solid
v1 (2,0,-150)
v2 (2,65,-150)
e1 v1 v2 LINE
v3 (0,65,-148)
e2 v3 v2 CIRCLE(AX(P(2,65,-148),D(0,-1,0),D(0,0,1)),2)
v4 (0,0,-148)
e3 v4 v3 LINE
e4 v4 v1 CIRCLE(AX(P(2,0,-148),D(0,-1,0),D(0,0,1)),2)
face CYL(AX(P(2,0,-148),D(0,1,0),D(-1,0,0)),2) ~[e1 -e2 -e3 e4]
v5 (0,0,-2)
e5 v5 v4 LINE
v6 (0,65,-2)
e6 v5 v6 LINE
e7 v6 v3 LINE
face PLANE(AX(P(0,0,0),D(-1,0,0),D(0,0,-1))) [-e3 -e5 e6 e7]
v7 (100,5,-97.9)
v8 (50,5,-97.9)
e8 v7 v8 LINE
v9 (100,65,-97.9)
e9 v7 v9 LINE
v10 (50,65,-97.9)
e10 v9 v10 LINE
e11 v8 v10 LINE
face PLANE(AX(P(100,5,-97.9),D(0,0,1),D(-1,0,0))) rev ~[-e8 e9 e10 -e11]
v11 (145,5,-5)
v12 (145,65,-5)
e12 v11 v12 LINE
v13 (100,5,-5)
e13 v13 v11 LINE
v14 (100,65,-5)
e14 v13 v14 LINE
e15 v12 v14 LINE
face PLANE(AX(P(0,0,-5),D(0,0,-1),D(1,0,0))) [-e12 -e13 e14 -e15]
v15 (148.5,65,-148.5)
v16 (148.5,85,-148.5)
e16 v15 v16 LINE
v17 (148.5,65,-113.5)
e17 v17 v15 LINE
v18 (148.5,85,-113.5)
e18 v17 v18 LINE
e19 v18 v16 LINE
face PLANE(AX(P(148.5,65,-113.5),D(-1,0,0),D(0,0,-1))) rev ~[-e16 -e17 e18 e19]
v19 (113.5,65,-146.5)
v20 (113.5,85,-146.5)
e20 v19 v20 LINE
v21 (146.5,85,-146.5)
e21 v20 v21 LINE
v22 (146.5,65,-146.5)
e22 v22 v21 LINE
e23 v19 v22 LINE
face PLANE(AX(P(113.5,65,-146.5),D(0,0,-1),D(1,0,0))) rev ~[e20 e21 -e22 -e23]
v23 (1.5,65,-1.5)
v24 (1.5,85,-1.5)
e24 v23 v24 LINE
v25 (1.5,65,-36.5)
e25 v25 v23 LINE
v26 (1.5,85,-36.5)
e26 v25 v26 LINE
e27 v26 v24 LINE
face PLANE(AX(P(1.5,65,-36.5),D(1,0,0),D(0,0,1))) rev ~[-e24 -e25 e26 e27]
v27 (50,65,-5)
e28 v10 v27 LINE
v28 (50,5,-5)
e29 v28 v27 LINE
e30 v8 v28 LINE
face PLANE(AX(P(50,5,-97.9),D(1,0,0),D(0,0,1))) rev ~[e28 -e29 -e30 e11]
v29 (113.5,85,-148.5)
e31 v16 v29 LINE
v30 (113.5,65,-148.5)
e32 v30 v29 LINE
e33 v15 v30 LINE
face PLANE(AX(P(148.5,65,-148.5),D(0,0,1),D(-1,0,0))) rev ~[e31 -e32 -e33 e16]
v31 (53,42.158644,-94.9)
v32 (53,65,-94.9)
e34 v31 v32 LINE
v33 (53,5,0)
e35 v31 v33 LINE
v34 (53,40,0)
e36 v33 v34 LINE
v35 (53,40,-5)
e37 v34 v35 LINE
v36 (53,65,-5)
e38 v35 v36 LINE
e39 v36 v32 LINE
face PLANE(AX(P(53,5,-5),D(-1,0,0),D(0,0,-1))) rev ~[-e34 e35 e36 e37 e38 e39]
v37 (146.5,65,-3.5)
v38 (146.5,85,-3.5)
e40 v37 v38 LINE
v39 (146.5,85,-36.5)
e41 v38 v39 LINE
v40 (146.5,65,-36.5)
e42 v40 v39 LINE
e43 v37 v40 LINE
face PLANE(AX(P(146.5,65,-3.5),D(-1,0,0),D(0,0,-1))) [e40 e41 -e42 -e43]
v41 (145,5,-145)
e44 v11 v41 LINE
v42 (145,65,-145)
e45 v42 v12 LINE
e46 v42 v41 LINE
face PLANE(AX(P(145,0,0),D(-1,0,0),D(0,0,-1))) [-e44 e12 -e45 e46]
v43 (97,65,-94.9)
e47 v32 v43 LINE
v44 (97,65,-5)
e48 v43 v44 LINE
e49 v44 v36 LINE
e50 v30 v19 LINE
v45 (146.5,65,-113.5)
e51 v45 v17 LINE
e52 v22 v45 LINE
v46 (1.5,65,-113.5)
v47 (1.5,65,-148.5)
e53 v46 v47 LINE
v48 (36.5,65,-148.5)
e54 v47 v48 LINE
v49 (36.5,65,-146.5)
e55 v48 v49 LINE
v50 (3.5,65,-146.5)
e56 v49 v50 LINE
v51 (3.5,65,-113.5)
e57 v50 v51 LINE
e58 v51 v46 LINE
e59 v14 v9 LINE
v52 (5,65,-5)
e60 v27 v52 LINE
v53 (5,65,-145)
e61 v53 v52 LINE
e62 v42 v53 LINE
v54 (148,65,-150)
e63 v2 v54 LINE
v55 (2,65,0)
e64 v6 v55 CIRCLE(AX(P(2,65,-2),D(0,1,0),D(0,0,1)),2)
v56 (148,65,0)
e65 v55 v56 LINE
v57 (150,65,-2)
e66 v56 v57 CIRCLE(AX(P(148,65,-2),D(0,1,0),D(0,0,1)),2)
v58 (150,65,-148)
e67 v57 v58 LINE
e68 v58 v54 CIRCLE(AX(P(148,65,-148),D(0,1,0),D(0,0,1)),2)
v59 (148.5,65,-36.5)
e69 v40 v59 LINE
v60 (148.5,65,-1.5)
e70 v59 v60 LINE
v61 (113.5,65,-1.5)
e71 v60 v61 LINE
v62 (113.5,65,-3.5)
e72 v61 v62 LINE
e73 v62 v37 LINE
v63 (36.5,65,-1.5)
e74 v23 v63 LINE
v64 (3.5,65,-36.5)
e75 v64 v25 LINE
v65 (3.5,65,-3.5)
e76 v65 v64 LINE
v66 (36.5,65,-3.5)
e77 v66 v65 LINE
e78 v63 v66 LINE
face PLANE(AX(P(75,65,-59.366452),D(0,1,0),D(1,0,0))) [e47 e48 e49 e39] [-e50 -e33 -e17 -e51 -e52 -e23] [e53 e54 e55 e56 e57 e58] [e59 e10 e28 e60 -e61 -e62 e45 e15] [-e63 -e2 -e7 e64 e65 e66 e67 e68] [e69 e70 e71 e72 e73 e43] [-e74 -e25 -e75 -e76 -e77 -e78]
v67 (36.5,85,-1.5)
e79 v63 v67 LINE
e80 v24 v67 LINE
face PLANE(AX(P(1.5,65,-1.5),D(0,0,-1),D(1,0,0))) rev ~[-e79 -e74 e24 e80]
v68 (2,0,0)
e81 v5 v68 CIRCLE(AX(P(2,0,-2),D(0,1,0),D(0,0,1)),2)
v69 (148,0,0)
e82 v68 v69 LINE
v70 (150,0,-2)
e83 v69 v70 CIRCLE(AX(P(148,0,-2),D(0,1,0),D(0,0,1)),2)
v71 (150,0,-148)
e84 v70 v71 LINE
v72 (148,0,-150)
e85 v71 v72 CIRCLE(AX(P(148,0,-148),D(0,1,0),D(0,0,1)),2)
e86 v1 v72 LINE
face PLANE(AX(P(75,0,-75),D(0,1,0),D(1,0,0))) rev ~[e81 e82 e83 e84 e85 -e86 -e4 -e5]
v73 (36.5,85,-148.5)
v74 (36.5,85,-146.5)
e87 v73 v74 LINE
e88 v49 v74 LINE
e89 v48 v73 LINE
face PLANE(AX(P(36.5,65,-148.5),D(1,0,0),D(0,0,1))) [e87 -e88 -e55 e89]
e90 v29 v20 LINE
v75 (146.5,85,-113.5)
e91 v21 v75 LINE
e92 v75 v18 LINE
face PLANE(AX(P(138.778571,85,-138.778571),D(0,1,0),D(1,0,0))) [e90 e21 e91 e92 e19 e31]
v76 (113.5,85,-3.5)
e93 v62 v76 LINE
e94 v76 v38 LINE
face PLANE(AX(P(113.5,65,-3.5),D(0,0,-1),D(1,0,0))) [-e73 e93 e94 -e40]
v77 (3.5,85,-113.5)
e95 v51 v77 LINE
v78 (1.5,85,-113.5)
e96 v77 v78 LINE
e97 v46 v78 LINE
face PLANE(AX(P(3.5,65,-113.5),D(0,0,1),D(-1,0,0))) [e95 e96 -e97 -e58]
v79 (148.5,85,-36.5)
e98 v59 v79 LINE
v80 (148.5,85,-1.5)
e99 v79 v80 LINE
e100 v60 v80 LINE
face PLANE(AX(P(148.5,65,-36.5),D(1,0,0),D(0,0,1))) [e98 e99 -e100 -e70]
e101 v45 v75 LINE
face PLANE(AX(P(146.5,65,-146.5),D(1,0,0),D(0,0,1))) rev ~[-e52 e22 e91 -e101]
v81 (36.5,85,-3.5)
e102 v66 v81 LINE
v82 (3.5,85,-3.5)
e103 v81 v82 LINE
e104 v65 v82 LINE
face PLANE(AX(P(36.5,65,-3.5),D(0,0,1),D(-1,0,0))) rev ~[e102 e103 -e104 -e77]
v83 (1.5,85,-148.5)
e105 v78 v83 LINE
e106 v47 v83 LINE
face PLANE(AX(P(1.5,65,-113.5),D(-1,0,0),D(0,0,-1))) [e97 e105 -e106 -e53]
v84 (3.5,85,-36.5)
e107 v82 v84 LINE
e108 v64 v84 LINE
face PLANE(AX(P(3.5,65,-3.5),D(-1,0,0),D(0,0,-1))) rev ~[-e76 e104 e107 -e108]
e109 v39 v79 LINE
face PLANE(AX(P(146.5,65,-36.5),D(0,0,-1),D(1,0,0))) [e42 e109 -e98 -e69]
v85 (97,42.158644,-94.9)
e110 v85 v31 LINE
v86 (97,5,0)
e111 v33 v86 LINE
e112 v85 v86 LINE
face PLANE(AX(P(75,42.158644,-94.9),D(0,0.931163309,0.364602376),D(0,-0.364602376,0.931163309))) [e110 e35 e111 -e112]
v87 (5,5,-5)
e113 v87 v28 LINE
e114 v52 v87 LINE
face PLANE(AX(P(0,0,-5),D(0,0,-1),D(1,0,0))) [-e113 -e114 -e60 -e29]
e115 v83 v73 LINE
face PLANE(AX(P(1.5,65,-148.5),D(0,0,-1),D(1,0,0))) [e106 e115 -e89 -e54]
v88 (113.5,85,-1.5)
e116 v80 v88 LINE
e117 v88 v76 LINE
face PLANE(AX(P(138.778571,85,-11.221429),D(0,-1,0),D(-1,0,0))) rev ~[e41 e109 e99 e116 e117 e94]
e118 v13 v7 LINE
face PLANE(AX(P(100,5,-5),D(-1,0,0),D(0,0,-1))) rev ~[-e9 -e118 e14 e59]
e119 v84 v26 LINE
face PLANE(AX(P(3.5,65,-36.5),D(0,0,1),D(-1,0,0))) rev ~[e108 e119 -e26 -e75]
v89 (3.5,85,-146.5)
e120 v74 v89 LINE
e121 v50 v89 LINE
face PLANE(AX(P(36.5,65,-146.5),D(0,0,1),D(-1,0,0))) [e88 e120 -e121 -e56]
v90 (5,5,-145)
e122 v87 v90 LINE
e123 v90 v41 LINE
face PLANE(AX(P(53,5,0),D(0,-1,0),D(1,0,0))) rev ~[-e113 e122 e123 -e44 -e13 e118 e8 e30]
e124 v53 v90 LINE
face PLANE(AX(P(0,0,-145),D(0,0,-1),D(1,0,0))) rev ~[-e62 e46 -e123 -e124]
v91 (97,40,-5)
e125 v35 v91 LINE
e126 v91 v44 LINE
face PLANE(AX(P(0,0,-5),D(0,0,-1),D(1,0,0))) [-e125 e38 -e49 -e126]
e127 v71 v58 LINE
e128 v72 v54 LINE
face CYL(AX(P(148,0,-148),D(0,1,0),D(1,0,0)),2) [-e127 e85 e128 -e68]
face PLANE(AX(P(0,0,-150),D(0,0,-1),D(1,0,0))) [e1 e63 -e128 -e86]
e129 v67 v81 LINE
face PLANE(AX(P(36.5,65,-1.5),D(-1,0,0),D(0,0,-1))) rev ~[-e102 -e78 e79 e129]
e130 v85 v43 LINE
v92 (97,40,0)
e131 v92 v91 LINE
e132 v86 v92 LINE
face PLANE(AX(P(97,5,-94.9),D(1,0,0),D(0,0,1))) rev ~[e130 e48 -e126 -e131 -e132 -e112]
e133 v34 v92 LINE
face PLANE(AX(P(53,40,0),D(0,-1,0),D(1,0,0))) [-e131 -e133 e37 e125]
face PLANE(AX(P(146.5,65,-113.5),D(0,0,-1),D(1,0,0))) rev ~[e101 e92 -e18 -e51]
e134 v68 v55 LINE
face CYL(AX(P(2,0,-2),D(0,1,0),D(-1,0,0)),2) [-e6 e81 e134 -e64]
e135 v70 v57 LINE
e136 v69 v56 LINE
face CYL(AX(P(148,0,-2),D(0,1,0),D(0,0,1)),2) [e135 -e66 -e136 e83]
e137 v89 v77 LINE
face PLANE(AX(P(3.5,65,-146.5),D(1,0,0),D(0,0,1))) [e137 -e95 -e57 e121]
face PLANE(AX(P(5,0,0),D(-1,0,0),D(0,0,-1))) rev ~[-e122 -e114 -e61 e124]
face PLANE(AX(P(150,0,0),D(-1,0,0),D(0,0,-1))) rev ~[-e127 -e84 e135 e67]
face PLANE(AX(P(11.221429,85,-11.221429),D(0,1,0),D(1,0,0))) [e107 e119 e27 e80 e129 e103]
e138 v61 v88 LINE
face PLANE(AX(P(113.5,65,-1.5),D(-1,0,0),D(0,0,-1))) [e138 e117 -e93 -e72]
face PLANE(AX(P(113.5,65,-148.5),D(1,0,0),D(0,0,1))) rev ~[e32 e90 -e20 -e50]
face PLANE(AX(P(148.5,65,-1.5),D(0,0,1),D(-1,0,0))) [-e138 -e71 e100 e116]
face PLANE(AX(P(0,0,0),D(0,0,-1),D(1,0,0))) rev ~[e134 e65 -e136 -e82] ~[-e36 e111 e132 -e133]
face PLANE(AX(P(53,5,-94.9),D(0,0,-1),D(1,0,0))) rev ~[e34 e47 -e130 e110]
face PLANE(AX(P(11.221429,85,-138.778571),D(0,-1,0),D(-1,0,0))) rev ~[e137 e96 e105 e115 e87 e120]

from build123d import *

# Parameters (mm, degrees)
SKETCH1_W                       = 150
SKETCH1_H                       = 150
BOSS_EXTRUDE1_DEPTH             = 65
SHELL1_T                        = -5
FILLET1_R                       = 2
BOSS_EXTRUDE2_DEPTH             = 20
CUT_EXTRUDE1_REACH              = 230.528
SKETCH3_W                       = 44
SKETCH3_H                       = 35
BOSS_EXTRUDE3_DEPTH             = 60
BOSS_EXTRUDE4_REACH             = 190.016
BOSS_EXTRUDE4_DIRECTION_2_REACH = 190.016


with BuildPart() as part:
    # Sketch1 → Boss-Extrude1 (new body)
    with BuildSketch(Plane(origin=(0, 0, 0), x_dir=(1, 0, 0), z_dir=(0, 1, 0))):
        with Locations((75, 75)):
            Rectangle(SKETCH1_W, SKETCH1_H)
    extrude(amount=BOSS_EXTRUDE1_DEPTH)

    # Shell1
    shell1_openings = [part.faces().sort_by_distance(p)[0] for p in [
        (75, 65, -75),
    ]]
    offset(amount=SHELL1_T, openings=shell1_openings, kind=Kind.INTERSECTION)

    # Fillet1
    fillet1_edges = [part.edges().sort_by_distance(p)[0] for p in [
        (0, 32.5, -150),
        (150, 32.5, -150),
        (150, 32.5, 0),
        (0, 32.5, 0),
    ]]
    fillet(fillet1_edges, radius=FILLET1_R)

    # Sketch2 → Boss-Extrude2 (add)
    with BuildSketch(Plane(origin=(0, 65, 0), x_dir=(1, 0, 0), z_dir=(0, 1, 0))):
        Polygon((1.5, 113.5), (1.5, 148.5), (36.5, 148.5), (36.5, 146.5), (3.5, 146.5), (3.5, 113.5), align=None)
        Polygon((148.5, 113.5), (148.5, 148.5), (113.5, 148.5), (113.5, 146.5), (146.5, 146.5), (146.5, 113.5), align=None)
        Polygon((148.5, 36.5), (148.5, 1.5), (113.5, 1.5), (113.5, 3.5), (146.5, 3.5), (146.5, 36.5), align=None)
        Polygon((1.5, 36.5), (1.5, 1.5), (36.5, 1.5), (36.5, 3.5), (3.5, 3.5), (3.5, 36.5), align=None)
    extrude(amount=BOSS_EXTRUDE2_DEPTH)

    # Sketch3 → Cut-Extrude1 (cut, up to next)
    with BuildSketch(Plane.XY, mode=Mode.PRIVATE) as cut_extrude1_sk1:
        with Locations((75, 22.5)):
            Rectangle(SKETCH3_W, SKETCH3_H)
    cut_extrude1_tool1 = extrude(cut_extrude1_sk1.sketch, amount=-CUT_EXTRUDE1_REACH, mode=Mode.PRIVATE) & part.part
    add(cut_extrude1_tool1.solids().sort_by_distance((75, 22.5, 0))[0], mode=Mode.SUBTRACT)

    # Sketch4 → Boss-Extrude3 (add)
    with BuildSketch(Plane(origin=(0, 5, 0), x_dir=(1, 0, 0), z_dir=(0, 1, 0))):
        Polygon((53, 5), (53, 94.9), (97, 94.9), (97, 5), (100, 5), (100, 97.9), (50, 97.9), (50, 5), align=None)
    extrude(amount=BOSS_EXTRUDE3_DEPTH)

    # Sketch7 → Boss-Extrude4 (add, up to next)
    with BuildSketch(Plane(origin=(75, 0, 0), x_dir=(0, 0, -1), z_dir=(1, 0, 0)), mode=Mode.PRIVATE) as boss_extrude4_sk1:
        Polygon((94.9, 42.158643577), (0, 5), (94.9, 5), align=None)
    boss_extrude4_tool1 = extrude(boss_extrude4_sk1.sketch, amount=BOSS_EXTRUDE4_REACH, mode=Mode.PRIVATE) - part.part
    add(boss_extrude4_tool1.solids().sort_by_distance((75, 17.386215, -63.266667))[0])

    # Sketch7 → Boss-Extrude4 direction 2 (add, up to next)
    with BuildSketch(Plane(origin=(75, 0, 0), x_dir=(0, 0, -1), z_dir=(1, 0, 0)), mode=Mode.PRIVATE) as boss_extrude4_direction_2_sk1:
        Polygon((94.9, 42.158643577), (0, 5), (94.9, 5), align=None)
    boss_extrude4_direction_2_tool1 = extrude(boss_extrude4_direction_2_sk1.sketch, amount=-BOSS_EXTRUDE4_DIRECTION_2_REACH, mode=Mode.PRIVATE) - part.part
    add(boss_extrude4_direction_2_tool1.solids().sort_by_distance((75, 17.386215, -63.266667))[0])


solid = part.part
